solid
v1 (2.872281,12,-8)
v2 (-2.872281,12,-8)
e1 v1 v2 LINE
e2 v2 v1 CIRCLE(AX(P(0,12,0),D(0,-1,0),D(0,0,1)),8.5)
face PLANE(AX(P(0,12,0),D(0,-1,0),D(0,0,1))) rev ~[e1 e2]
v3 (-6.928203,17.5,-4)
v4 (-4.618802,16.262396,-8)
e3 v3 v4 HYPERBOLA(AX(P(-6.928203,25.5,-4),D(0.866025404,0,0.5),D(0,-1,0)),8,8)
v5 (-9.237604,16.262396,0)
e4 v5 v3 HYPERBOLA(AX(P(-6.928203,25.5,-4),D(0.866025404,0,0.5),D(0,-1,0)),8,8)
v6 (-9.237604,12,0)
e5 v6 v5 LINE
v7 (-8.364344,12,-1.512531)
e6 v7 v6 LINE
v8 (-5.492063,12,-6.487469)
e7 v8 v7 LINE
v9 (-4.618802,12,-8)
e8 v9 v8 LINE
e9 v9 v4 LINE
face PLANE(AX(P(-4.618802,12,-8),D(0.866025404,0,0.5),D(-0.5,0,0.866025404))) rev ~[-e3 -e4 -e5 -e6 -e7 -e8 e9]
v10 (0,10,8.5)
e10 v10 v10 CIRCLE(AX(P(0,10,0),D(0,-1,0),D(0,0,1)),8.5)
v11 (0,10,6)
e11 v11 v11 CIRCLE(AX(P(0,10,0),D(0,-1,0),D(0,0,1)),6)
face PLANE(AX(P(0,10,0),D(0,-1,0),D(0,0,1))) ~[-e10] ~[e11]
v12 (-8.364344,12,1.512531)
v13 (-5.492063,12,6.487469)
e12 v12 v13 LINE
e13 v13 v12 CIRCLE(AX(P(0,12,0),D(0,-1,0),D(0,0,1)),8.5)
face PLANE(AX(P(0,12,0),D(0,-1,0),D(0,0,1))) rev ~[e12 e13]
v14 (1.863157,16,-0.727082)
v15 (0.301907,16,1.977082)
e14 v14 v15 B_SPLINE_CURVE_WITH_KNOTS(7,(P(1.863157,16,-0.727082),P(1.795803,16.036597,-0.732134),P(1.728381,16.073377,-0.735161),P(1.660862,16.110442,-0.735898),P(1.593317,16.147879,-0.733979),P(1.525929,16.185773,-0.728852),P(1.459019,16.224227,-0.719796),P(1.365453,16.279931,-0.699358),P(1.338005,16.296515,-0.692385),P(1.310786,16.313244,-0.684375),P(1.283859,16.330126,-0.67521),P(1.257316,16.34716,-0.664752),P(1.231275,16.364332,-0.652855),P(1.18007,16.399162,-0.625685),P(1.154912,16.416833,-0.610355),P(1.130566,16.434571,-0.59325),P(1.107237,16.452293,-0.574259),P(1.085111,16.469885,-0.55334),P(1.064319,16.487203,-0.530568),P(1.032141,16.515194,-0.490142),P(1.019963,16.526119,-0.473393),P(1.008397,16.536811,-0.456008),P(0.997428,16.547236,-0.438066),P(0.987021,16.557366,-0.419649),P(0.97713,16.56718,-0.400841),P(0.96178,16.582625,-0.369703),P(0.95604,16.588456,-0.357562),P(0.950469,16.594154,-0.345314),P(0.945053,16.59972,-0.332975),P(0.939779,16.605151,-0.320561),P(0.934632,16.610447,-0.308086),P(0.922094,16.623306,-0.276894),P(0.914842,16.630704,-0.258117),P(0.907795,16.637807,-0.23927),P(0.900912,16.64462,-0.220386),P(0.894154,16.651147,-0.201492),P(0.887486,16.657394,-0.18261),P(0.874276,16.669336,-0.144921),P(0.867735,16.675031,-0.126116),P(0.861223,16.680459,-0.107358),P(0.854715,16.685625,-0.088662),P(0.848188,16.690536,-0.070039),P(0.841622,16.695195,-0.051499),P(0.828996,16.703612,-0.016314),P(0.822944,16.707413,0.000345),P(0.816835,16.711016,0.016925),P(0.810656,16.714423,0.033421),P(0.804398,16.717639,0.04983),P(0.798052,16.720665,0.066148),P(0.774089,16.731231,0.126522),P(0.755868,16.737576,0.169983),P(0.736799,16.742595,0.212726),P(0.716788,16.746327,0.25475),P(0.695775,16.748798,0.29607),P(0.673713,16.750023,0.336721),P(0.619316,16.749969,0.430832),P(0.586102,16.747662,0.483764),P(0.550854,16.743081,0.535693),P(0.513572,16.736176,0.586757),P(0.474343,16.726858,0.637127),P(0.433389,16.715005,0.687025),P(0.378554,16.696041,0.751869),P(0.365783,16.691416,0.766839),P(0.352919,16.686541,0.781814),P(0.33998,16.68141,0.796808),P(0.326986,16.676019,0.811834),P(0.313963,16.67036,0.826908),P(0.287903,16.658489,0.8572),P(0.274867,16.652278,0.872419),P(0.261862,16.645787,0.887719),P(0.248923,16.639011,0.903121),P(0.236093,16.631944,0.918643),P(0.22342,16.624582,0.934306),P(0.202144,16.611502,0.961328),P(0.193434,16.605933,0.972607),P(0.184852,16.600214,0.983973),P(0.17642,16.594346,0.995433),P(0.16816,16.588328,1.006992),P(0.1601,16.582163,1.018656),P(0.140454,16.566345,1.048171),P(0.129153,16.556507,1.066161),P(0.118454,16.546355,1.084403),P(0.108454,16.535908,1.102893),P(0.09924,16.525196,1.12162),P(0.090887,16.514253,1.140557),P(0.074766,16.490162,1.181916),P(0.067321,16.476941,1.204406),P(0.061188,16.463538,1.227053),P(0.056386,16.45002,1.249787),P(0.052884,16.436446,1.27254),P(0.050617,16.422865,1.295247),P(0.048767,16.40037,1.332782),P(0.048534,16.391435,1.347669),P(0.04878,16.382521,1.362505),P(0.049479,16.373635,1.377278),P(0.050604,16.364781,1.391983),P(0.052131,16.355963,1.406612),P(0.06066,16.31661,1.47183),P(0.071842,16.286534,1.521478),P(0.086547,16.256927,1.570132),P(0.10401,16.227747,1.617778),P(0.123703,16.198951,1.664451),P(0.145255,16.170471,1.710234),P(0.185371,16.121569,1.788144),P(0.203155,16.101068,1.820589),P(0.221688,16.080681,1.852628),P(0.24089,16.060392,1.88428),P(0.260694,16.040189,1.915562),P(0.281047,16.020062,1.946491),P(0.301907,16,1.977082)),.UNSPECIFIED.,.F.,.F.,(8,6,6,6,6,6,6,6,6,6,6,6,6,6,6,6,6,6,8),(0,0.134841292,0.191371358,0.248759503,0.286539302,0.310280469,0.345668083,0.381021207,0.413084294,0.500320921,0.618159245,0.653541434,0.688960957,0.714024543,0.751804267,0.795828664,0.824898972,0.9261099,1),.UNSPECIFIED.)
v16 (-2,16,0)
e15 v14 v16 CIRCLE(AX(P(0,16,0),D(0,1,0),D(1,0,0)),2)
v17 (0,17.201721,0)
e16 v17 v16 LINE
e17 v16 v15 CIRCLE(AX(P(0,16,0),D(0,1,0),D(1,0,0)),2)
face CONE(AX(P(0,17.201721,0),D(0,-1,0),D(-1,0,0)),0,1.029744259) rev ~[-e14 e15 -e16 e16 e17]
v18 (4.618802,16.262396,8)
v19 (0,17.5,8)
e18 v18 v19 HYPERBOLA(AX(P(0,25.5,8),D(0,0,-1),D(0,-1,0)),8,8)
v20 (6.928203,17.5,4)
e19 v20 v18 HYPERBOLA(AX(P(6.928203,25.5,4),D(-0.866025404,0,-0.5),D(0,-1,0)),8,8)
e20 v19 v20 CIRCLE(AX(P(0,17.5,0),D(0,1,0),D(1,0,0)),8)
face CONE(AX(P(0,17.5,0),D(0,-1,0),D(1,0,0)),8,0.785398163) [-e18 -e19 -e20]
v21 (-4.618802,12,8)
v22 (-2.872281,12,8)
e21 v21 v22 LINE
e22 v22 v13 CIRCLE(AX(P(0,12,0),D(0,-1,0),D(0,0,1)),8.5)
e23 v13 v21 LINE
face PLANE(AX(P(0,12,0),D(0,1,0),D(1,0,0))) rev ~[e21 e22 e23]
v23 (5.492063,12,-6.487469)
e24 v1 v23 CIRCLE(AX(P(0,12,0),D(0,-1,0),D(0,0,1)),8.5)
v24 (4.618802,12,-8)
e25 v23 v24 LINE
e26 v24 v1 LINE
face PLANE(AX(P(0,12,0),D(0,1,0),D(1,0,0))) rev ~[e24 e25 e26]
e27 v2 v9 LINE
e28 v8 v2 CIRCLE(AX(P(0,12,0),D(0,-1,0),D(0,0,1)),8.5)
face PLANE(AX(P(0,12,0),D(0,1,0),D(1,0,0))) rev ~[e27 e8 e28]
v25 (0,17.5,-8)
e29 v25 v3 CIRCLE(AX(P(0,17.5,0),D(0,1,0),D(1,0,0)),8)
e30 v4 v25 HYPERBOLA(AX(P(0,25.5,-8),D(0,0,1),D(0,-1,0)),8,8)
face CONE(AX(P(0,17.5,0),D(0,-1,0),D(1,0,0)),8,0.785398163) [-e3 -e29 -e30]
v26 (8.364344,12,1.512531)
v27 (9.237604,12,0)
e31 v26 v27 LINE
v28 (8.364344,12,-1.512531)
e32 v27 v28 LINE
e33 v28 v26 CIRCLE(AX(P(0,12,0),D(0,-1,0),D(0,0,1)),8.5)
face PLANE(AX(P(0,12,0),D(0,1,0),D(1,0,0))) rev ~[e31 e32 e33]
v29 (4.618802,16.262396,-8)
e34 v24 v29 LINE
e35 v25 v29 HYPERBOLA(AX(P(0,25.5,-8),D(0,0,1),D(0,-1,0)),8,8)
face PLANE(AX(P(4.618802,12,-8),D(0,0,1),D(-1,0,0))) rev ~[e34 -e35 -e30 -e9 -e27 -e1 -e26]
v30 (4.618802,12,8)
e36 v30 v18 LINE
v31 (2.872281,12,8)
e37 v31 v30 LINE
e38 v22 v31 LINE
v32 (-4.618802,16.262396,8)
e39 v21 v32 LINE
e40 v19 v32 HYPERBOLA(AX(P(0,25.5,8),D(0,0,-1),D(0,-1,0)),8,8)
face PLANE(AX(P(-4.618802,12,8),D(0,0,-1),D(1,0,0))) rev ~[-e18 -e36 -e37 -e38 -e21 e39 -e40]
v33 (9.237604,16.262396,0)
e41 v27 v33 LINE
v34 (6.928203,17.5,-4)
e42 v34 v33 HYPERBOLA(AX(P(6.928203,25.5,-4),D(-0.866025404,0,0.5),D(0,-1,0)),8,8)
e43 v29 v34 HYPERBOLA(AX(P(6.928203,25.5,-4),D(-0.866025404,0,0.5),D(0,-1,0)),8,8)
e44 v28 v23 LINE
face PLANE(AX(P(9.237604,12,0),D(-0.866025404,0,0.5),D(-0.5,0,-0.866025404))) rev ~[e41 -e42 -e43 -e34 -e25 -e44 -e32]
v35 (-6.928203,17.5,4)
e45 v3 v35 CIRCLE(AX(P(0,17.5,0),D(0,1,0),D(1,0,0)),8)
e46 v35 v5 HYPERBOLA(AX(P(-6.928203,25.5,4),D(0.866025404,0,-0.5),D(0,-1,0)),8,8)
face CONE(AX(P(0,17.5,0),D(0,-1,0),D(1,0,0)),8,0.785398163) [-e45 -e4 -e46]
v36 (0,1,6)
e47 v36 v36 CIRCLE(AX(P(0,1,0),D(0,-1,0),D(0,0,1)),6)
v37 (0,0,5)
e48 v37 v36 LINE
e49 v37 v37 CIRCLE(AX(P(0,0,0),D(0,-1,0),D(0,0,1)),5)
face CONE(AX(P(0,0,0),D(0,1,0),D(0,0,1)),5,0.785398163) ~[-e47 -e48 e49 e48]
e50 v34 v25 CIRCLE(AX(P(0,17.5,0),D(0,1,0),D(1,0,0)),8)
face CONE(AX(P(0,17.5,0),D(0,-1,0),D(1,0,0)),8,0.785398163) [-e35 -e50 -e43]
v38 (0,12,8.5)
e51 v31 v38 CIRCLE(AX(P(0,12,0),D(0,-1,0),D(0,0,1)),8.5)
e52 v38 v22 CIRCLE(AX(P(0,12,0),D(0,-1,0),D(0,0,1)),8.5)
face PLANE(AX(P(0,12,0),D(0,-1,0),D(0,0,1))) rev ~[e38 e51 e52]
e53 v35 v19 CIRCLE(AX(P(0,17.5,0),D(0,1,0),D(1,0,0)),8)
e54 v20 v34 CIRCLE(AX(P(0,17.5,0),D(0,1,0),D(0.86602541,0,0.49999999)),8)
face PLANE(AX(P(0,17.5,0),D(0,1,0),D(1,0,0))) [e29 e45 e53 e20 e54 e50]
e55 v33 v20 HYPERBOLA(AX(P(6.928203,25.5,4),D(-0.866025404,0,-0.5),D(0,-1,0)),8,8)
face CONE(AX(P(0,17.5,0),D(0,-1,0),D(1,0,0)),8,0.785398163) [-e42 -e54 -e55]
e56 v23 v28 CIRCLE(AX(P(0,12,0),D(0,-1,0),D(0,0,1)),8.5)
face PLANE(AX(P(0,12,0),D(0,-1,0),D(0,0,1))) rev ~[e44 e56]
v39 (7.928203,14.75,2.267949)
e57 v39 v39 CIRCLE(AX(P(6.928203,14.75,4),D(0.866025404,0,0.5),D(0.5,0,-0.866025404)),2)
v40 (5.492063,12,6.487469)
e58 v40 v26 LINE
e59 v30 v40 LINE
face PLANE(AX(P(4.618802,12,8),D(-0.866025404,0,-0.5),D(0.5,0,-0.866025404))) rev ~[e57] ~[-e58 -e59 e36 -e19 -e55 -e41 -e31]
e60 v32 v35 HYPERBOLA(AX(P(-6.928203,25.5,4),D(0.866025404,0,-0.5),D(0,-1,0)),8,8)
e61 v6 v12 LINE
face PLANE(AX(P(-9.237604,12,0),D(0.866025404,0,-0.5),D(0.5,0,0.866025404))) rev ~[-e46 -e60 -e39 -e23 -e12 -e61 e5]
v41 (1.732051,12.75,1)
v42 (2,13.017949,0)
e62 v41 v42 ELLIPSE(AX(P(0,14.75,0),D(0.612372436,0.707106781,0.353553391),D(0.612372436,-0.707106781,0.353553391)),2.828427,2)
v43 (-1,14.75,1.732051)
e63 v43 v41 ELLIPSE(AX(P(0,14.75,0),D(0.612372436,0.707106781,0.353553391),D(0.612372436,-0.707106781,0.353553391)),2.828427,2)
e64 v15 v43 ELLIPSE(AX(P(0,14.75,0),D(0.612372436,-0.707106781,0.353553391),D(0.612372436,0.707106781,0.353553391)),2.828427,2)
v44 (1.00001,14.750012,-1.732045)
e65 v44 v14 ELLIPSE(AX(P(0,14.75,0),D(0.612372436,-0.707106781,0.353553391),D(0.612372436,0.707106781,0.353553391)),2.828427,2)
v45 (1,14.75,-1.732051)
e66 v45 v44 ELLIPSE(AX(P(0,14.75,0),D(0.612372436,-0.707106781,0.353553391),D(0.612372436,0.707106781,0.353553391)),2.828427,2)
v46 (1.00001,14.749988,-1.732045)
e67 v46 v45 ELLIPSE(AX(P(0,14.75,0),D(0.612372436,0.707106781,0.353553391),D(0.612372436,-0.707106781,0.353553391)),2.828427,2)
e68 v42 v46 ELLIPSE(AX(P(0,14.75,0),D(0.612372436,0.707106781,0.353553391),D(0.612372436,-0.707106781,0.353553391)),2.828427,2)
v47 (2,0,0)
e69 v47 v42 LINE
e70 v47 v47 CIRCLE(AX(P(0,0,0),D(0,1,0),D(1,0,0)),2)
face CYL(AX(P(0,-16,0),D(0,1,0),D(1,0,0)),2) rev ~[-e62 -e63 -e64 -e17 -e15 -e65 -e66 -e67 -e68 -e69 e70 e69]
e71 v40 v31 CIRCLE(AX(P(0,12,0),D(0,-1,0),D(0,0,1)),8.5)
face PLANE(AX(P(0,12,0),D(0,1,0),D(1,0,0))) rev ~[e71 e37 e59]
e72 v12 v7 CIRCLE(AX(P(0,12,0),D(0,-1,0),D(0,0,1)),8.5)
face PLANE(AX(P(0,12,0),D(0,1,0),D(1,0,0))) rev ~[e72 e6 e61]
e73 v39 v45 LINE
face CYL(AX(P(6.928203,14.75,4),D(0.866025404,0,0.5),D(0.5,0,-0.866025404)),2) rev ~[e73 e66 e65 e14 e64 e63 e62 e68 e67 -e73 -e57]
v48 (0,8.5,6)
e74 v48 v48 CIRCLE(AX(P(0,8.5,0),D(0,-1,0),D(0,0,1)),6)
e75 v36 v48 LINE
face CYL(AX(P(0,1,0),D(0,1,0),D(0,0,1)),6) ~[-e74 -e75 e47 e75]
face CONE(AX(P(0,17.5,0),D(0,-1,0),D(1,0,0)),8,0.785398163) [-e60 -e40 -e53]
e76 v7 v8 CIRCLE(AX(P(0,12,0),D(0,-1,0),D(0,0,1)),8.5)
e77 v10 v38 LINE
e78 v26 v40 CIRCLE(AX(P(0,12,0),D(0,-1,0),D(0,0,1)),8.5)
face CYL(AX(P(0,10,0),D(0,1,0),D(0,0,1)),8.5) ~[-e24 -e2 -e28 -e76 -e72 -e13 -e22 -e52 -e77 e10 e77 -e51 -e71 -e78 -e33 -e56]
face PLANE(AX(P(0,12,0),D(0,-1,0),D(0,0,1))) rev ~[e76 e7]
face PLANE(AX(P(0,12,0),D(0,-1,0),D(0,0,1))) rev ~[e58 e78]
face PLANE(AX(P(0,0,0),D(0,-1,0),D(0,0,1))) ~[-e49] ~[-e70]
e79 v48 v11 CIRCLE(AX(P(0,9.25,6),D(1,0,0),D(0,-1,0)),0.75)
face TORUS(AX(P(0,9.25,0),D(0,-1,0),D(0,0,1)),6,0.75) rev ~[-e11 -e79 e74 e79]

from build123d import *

# Parameters (mm, degrees)
BOSS_EXTRUDE1_DEPTH       = 5.5
SKETCH3_OUTSIDE_W         = 37.596
SKETCH3_OUTSIDE_H         = 36.12
SKETCH3_OUTSIDE_R         = 8
CUT_EXTRUDE1_DEPTH        = 5.5
CUT_EXTRUDE1_DRAFT        = -45
F_4_0MM_DOWEL_HOLE1_D     = 4
F_4_0MM_DOWEL_HOLE1_DEPTH = 16
F_4_0MM_DOWEL_HOLE1_TIP   = 1.201721238
CUT_EXTRUDE2_REACH        = 28.904
SKETCH6_R                 = 2


with BuildPart() as part:
    # Sketch1 → Revolve1 (revolve)
    with BuildSketch(Plane.XY, mode=Mode.PRIVATE) as revolve1_sk:
        with BuildLine():
            Line((0, 0), (-5, 0))
            Line((-5, 0), (-6, 1))
            Line((-6, 1), (-6, 8.5))
            ThreePointArc((-6, 8.5), (-5.25, 9.25), (-6, 10))
            Line((-6, 10), (-8.5, 10))
            Line((-8.5, 10), (-8.5, 12))
            Line((-8.5, 12), (0, 12))
            Line((0, 12), (0, 0))
        make_face()
    revolve(revolve1_sk.sketch.rotate(Axis((0, 12, 0), (0, -1, 0)), 270), axis=Axis((0, 12, 0), (0, -1, 0)))

    # Sketch2 → Boss-Extrude1 (add)
    with BuildSketch(Plane(origin=(0, 12, 0), x_dir=(1, 0, 0), z_dir=(0, 1, 0))):
        Polygon((-4.618802154, 8), (-9.237604307, 0), (-4.618802154, -8), (4.618802154, -8), (9.237604307, 0), (4.618802154, 8), align=None)
    extrude(amount=BOSS_EXTRUDE1_DEPTH)


with BuildPart() as cut_extrude1_tool:
    # Sketch3 outside → Cut-Extrude1 (with draft: the straight prism first)
    with BuildSketch(Plane(origin=(0, 17.5, 0), x_dir=(1, 0, 0), z_dir=(0, 1, 0))):
        Rectangle(SKETCH3_OUTSIDE_W, SKETCH3_OUTSIDE_H)
        Circle(SKETCH3_OUTSIDE_R, mode=Mode.SUBTRACT)
    extrude(amount=-CUT_EXTRUDE1_DEPTH)
    # Cut-Extrude1: the draft: its side faces are tilted about the plane it starts from
    cut_extrude1_sides = [cut_extrude1_tool.faces().sort_by_distance(p)[0] for p in [
        (0, 14.75, 18.06),
        (18.798, 14.75, 0),
        (0, 14.75, -18.06),
        (-18.798, 14.75, 0),
        (-8, 14.75, 0),
    ]]
    draft(cut_extrude1_sides, Plane(origin=(0, 17.5, 0), x_dir=(1, 0, 0), z_dir=(0, 1, 0)), CUT_EXTRUDE1_DRAFT)


with BuildPart() as part_1:
    add(part.part)

    # Cut-Extrude1: cut by cut_extrude1_tool
    add(cut_extrude1_tool.part, mode=Mode.SUBTRACT)

    # Ø4.0mm Dowel Hole1
    with Locations(Plane(origin=(0, 0, 0), x_dir=(-1, 0, 0), z_dir=(0, -1, 0))):
        with Locations((0, 0)):
            Hole(F_4_0MM_DOWEL_HOLE1_D / 2, depth=F_4_0MM_DOWEL_HOLE1_DEPTH)
            with Locations((0, 0, -(F_4_0MM_DOWEL_HOLE1_DEPTH + F_4_0MM_DOWEL_HOLE1_TIP / 2))):  # 118° drill point
                Cone(0, F_4_0MM_DOWEL_HOLE1_D / 2, F_4_0MM_DOWEL_HOLE1_TIP, mode=Mode.SUBTRACT)

    # Sketch6 → Cut-Extrude2 (cut, up to next)
    with BuildSketch(Plane(origin=(6.92820323, 0, 4), x_dir=(0.5, 0, -0.8660254037844386), z_dir=(0.8660254037844387, 0, 0.5000000000000001)), mode=Mode.PRIVATE) as cut_extrude2_sk1:
        with Locations((0, 14.75)):
            Circle(SKETCH6_R)
    cut_extrude2_tool1 = extrude(cut_extrude2_sk1.sketch, amount=-CUT_EXTRUDE2_REACH, mode=Mode.PRIVATE) & part_1.part
    add(cut_extrude2_tool1.solids().sort_by_distance((6.928203, 14.75, 4))[0], mode=Mode.SUBTRACT)


solid = part_1.part
